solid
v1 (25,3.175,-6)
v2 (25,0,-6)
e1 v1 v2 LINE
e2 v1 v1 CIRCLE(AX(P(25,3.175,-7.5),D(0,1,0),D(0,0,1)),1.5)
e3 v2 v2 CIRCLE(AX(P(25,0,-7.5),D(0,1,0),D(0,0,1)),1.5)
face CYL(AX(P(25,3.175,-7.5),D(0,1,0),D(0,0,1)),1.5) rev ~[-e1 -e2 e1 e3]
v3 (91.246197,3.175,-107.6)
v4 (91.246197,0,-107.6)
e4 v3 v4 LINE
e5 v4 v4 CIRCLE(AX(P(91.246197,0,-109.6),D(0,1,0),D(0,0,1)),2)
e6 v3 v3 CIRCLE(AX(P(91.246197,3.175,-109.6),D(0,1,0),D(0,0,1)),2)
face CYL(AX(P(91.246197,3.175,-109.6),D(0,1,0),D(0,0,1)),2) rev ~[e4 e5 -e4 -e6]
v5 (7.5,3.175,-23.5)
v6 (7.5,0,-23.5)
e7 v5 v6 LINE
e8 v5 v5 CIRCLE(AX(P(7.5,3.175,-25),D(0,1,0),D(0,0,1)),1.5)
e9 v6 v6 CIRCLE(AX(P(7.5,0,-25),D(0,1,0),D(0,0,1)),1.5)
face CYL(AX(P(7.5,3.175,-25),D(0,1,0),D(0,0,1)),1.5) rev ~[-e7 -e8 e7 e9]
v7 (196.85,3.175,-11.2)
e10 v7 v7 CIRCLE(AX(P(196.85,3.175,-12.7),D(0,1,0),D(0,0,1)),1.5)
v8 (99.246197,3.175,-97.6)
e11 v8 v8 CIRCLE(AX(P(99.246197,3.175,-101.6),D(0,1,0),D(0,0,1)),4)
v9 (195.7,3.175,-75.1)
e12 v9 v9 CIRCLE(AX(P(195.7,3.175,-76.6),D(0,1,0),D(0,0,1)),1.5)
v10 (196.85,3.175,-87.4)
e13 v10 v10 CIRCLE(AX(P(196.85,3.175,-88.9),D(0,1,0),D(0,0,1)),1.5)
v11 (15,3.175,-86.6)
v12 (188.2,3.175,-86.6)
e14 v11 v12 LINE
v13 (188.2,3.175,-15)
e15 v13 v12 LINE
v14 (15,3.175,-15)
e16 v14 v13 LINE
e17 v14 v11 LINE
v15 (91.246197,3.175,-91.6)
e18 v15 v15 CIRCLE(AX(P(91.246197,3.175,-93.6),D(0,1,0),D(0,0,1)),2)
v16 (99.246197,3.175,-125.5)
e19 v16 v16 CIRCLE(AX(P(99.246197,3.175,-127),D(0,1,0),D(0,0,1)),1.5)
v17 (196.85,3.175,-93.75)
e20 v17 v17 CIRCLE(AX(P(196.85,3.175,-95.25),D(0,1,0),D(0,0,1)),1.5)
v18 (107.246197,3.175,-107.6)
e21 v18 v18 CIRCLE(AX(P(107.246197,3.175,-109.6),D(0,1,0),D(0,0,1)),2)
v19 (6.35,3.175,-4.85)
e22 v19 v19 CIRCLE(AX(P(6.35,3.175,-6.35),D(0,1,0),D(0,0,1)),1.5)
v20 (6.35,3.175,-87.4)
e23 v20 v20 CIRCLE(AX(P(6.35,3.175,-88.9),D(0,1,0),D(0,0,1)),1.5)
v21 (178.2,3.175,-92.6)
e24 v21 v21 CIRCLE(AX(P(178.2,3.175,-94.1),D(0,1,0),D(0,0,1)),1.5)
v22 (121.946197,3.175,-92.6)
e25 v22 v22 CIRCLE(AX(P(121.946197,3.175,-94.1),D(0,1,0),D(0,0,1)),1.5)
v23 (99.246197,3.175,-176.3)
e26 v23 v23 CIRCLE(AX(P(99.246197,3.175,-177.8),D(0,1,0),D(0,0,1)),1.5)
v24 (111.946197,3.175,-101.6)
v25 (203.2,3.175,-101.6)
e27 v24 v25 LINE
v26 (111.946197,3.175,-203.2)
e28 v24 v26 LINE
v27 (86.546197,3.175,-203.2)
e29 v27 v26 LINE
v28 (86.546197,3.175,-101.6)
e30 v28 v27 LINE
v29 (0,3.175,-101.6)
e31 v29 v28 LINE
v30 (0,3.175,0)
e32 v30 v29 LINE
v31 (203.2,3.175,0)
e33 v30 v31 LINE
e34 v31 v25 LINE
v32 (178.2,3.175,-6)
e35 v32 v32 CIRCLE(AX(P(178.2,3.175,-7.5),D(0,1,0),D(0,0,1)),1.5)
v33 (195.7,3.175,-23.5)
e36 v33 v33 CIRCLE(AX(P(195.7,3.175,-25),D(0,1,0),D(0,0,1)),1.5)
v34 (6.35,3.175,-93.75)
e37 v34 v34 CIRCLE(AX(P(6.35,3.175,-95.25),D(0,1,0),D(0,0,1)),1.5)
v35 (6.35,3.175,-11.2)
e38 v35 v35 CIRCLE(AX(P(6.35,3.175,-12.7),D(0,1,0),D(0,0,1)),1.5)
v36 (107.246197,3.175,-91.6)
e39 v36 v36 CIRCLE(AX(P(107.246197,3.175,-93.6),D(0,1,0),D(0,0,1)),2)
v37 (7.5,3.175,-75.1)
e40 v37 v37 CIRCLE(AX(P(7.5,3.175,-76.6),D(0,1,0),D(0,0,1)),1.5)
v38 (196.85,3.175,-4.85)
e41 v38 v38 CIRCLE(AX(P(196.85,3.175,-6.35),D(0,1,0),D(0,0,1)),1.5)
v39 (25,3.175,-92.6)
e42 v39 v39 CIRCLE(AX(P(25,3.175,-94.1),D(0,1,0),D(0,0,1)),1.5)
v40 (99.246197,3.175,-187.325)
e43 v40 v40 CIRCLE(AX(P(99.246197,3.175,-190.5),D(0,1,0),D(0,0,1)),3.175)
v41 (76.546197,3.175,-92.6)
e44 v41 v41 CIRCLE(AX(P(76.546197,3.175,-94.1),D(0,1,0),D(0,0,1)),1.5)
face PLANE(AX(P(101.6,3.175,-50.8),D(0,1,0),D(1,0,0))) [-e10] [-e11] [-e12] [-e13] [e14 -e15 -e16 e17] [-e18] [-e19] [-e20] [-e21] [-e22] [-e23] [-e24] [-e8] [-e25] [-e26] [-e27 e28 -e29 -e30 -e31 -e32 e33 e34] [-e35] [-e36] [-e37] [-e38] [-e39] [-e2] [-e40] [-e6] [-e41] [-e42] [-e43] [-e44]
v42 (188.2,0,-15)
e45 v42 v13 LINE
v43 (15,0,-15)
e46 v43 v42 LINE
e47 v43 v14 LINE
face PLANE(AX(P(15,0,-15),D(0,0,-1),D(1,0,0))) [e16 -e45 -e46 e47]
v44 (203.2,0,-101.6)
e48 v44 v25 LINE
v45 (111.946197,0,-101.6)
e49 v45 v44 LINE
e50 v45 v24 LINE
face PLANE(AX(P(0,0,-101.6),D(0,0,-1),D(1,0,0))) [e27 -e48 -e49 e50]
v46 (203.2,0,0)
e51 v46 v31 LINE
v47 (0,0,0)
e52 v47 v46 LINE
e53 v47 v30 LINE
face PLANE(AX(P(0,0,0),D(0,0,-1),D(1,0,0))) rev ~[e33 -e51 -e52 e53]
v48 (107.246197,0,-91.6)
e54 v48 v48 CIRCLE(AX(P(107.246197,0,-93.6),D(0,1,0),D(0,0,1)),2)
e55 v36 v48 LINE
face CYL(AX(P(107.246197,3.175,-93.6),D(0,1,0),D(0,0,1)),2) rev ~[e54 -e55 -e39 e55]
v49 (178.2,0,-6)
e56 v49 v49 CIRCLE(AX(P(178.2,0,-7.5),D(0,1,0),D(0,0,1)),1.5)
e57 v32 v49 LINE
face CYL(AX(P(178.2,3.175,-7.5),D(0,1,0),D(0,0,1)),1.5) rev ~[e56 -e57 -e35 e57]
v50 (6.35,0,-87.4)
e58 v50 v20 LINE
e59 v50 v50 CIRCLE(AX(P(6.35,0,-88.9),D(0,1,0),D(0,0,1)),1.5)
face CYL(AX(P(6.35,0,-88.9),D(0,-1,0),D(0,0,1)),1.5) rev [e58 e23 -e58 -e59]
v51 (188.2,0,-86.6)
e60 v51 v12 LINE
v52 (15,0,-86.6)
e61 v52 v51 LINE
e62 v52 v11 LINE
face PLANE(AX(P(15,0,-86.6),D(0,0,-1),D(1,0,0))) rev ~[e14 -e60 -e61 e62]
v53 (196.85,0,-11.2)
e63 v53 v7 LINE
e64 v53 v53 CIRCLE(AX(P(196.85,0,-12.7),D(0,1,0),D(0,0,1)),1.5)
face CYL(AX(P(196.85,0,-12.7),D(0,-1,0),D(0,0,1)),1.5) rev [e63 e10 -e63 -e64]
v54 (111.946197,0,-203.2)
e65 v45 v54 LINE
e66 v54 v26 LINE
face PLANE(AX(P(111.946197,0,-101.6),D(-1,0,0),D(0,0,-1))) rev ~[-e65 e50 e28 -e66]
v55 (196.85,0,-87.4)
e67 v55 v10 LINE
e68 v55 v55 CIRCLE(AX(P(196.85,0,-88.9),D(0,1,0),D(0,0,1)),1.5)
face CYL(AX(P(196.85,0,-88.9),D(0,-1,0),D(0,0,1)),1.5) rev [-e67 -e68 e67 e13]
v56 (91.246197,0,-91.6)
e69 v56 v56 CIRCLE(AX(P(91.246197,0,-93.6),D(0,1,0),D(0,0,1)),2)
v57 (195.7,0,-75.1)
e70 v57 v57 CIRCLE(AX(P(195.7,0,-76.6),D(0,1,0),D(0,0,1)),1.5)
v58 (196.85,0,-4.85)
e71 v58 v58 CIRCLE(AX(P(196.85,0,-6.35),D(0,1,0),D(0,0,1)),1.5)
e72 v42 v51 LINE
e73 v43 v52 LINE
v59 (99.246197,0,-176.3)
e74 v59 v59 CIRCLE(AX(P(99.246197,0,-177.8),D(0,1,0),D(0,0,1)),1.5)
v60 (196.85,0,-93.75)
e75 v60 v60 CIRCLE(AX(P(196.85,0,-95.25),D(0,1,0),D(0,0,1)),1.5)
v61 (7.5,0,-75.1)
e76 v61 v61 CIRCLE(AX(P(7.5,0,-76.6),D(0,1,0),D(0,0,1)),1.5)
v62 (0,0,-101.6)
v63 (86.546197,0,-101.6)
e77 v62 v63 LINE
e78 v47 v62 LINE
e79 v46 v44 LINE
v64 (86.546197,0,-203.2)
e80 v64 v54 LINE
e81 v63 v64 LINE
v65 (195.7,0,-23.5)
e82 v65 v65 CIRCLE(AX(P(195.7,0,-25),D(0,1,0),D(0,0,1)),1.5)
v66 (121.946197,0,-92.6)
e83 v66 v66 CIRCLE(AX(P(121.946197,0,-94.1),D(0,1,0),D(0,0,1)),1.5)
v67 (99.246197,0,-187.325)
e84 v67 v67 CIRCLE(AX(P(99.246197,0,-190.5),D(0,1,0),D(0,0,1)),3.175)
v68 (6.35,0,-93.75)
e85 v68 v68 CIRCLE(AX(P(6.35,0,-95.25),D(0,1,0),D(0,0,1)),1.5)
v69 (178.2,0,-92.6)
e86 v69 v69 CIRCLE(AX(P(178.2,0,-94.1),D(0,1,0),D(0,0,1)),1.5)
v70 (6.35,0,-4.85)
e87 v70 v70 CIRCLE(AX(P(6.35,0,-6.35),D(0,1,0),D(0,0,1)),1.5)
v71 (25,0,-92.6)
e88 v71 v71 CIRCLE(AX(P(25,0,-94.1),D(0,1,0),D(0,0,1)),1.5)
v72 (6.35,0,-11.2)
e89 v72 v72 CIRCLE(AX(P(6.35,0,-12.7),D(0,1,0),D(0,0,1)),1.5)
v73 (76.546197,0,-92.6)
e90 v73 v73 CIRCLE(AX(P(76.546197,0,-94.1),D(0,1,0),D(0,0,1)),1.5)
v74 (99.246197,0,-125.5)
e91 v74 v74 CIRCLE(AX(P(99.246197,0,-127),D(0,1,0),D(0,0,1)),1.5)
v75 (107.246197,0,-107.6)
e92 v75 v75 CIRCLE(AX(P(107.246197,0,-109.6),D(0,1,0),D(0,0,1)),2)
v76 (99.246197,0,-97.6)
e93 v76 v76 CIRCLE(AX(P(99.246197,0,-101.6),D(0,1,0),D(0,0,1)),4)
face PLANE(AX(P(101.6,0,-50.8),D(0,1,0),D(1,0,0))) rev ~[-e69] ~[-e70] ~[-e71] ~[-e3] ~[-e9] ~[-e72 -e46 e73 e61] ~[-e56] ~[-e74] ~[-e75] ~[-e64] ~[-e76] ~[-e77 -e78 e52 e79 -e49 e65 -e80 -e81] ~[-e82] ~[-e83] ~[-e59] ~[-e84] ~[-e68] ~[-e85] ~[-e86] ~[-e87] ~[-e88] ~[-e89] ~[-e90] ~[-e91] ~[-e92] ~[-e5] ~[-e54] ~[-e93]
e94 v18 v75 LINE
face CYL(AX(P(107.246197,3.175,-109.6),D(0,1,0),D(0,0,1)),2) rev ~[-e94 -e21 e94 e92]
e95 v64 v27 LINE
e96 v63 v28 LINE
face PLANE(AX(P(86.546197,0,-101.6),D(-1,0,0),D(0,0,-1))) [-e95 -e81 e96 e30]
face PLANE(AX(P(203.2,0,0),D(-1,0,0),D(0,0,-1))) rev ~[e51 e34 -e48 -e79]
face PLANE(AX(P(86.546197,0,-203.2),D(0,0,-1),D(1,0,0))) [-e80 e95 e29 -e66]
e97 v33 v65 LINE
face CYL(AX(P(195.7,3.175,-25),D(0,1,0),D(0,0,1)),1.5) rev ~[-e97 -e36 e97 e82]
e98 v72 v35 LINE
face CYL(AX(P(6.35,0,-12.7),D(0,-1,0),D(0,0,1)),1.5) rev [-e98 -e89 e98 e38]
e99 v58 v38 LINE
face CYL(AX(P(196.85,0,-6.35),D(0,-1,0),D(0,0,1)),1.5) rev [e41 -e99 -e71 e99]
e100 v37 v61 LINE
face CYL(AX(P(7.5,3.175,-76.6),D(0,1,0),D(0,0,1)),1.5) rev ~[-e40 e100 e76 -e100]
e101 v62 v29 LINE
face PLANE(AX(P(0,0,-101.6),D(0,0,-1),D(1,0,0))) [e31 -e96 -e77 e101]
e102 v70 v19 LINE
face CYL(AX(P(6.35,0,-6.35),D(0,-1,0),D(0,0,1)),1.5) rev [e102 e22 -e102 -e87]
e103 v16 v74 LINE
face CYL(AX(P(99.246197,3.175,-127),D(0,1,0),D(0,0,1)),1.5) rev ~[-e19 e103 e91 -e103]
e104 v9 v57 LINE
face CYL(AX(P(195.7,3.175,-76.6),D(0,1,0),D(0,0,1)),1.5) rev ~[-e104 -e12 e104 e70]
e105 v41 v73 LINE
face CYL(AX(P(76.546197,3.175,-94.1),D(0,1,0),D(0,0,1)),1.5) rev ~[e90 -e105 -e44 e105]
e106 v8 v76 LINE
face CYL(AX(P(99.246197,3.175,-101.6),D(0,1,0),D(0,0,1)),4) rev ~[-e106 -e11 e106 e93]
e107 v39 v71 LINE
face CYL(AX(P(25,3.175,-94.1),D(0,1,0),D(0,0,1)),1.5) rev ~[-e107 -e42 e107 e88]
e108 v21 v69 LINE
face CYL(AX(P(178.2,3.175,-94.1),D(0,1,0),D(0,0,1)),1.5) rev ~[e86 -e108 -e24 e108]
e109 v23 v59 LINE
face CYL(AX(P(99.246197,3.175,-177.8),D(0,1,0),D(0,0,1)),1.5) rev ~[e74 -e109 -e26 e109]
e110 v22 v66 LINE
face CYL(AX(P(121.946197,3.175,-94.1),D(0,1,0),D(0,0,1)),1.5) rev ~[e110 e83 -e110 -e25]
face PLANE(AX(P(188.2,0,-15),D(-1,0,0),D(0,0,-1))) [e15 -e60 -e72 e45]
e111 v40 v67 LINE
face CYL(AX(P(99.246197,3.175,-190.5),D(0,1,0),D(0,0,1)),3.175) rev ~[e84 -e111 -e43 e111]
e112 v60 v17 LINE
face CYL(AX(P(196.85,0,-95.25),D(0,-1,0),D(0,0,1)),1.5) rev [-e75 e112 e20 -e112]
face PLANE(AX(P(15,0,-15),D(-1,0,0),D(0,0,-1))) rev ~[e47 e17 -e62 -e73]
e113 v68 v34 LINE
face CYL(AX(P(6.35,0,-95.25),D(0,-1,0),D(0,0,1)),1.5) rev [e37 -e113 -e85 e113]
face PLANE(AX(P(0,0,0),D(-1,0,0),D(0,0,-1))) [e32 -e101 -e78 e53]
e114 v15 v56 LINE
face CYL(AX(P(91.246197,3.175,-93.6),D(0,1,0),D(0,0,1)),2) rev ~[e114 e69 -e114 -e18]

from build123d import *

# Parameters (mm, degrees)
SKETCH1_W           = 203.2
SKETCH1_H           = 101.6
SKETCH1_R           = 1.5
SKETCH1_W_2         = 173.2
SKETCH1_H_2         = 71.6
SKETCH1_W_3         = 25.4
BOSS_EXTRUDE1_DEPTH = 3.175
SKETCH2_R           = 2
SKETCH2_R_2         = 4
CUT_EXTRUDE1_DEPTH  = 3.175
SKETCH3_R           = 1.5
CUT_EXTRUDE2_DEPTH  = 10
SKETCH4_R           = 3.175
CUT_EXTRUDE3_DEPTH  = 10
SKETCH5_R           = 1.5
CUT_EXTRUDE4_DEPTH  = 10


with BuildPart() as part:
    # Sketch1 → Boss-Extrude1 (new body)
    # profile 1 of 2: a face of its own
    with BuildSketch(Plane(origin=(0, 0, 0), x_dir=(1, 0, 0), z_dir=(0, 1, 0))):
        with Locations((101.6, 50.8)):
            Rectangle(SKETCH1_W, SKETCH1_H)
        with Locations(Location((6.35, 95.25, 0), (0, 0, 270))):
            Circle(SKETCH1_R, mode=Mode.SUBTRACT)
        with Locations(Location((6.35, 88.9, 0), (0, 0, 270))):
            Circle(SKETCH1_R, mode=Mode.SUBTRACT)
        with Locations(Location((6.35, 6.35, 0), (0, 0, 270))):
            Circle(SKETCH1_R, mode=Mode.SUBTRACT)
        with Locations(Location((6.35, 12.7, 0), (0, 0, 270))):
            Circle(SKETCH1_R, mode=Mode.SUBTRACT)
        with Locations(Location((196.85, 95.25, 0), (0, 0, 270))):
            Circle(SKETCH1_R, mode=Mode.SUBTRACT)
        with Locations(Location((196.85, 88.9, 0), (0, 0, 270))):
            Circle(SKETCH1_R, mode=Mode.SUBTRACT)
        with Locations(Location((196.85, 12.7, 0), (0, 0, 270))):
            Circle(SKETCH1_R, mode=Mode.SUBTRACT)
        with Locations(Location((196.85, 6.35, 0), (0, 0, 270))):
            Circle(SKETCH1_R, mode=Mode.SUBTRACT)
        with Locations((101.6, 50.8)):
            Rectangle(SKETCH1_W_2, SKETCH1_H_2, mode=Mode.SUBTRACT)
    # profile 2 of 2: a face of its own
    with BuildSketch(Plane(origin=(0, 0, 0), x_dir=(1, 0, 0), z_dir=(0, 1, 0))):
        with Locations((99.246196593, 152.4)):
            Rectangle(SKETCH1_W_3, SKETCH1_H)
    extrude(amount=BOSS_EXTRUDE1_DEPTH)

    # Sketch2 → Cut-Extrude1 (cut)
    with BuildSketch(Plane(origin=(0, 3.175, 0), x_dir=(1, 0, 0), z_dir=(0, 1, 0))):
        with Locations(Location((91.246196593, 109.6, 0), (0, 0, 270))):
            Circle(SKETCH2_R)
        with Locations(Location((107.246196593, 109.6, 0), (0, 0, 270))):
            Circle(SKETCH2_R)
        with Locations(Location((91.246196593, 93.6, 0), (0, 0, 270))):
            Circle(SKETCH2_R)
        with Locations(Location((107.246196593, 93.6, 0), (0, 0, 270))):
            Circle(SKETCH2_R)
        with Locations(Location((99.246196593, 101.6, 0), (0, 0, 270))):
            Circle(SKETCH2_R_2)
    extrude(amount=-CUT_EXTRUDE1_DEPTH, mode=Mode.SUBTRACT)

    # Sketch3 → Cut-Extrude2 (cut)
    with BuildSketch(Plane(origin=(0, 3.175, 0), x_dir=(1, 0, 0), z_dir=(0, 1, 0))):
        with Locations(Location((178.2, 94.1, 0), (0, 0, 270))):
            Circle(SKETCH3_R)
        with Locations(Location((25, 94.1, 0), (0, 0, 270))):
            Circle(SKETCH3_R)
        with Locations(Location((76.546196593, 94.1, 0), (0, 0, 270))):
            Circle(SKETCH3_R)
        with Locations(Location((121.946196593, 94.1, 0), (0, 0, 270))):
            Circle(SKETCH3_R)
        with Locations(Location((178.2, 7.5, 0), (0, 0, 270))):
            Circle(SKETCH3_R)
        with Locations(Location((25, 7.5, 0), (0, 0, 270))):
            Circle(SKETCH3_R)
        with Locations(Location((195.7, 76.6, 0), (0, 0, 270))):
            Circle(SKETCH3_R)
        with Locations(Location((195.7, 25, 0), (0, 0, 270))):
            Circle(SKETCH3_R)
        with Locations(Location((7.5, 76.6, 0), (0, 0, 270))):
            Circle(SKETCH3_R)
        with Locations(Location((7.5, 25, 0), (0, 0, 270))):
            Circle(SKETCH3_R)
    extrude(amount=-CUT_EXTRUDE2_DEPTH, mode=Mode.SUBTRACT)

    # Sketch4 → Cut-Extrude3 (cut)
    with BuildSketch(Plane(origin=(0, 3.175, 0), x_dir=(1, 0, 0), z_dir=(0, 1, 0))):
        with Locations(Location((99.246196593, 190.5, 0), (0, 0, 270))):
            Circle(SKETCH4_R)
    extrude(amount=-CUT_EXTRUDE3_DEPTH, mode=Mode.SUBTRACT)

    # Sketch5 → Cut-Extrude4 (cut)
    with BuildSketch(Plane(origin=(0, 3.175, 0), x_dir=(1, 0, 0), z_dir=(0, 1, 0))):
        with Locations(Location((99.246196593, 177.8, 0), (0, 0, 270))):
            Circle(SKETCH5_R)
        with Locations(Location((99.246196593, 127, 0), (0, 0, 270))):
            Circle(SKETCH5_R)
    extrude(amount=-CUT_EXTRUDE4_DEPTH, mode=Mode.SUBTRACT)


solid = part.part
